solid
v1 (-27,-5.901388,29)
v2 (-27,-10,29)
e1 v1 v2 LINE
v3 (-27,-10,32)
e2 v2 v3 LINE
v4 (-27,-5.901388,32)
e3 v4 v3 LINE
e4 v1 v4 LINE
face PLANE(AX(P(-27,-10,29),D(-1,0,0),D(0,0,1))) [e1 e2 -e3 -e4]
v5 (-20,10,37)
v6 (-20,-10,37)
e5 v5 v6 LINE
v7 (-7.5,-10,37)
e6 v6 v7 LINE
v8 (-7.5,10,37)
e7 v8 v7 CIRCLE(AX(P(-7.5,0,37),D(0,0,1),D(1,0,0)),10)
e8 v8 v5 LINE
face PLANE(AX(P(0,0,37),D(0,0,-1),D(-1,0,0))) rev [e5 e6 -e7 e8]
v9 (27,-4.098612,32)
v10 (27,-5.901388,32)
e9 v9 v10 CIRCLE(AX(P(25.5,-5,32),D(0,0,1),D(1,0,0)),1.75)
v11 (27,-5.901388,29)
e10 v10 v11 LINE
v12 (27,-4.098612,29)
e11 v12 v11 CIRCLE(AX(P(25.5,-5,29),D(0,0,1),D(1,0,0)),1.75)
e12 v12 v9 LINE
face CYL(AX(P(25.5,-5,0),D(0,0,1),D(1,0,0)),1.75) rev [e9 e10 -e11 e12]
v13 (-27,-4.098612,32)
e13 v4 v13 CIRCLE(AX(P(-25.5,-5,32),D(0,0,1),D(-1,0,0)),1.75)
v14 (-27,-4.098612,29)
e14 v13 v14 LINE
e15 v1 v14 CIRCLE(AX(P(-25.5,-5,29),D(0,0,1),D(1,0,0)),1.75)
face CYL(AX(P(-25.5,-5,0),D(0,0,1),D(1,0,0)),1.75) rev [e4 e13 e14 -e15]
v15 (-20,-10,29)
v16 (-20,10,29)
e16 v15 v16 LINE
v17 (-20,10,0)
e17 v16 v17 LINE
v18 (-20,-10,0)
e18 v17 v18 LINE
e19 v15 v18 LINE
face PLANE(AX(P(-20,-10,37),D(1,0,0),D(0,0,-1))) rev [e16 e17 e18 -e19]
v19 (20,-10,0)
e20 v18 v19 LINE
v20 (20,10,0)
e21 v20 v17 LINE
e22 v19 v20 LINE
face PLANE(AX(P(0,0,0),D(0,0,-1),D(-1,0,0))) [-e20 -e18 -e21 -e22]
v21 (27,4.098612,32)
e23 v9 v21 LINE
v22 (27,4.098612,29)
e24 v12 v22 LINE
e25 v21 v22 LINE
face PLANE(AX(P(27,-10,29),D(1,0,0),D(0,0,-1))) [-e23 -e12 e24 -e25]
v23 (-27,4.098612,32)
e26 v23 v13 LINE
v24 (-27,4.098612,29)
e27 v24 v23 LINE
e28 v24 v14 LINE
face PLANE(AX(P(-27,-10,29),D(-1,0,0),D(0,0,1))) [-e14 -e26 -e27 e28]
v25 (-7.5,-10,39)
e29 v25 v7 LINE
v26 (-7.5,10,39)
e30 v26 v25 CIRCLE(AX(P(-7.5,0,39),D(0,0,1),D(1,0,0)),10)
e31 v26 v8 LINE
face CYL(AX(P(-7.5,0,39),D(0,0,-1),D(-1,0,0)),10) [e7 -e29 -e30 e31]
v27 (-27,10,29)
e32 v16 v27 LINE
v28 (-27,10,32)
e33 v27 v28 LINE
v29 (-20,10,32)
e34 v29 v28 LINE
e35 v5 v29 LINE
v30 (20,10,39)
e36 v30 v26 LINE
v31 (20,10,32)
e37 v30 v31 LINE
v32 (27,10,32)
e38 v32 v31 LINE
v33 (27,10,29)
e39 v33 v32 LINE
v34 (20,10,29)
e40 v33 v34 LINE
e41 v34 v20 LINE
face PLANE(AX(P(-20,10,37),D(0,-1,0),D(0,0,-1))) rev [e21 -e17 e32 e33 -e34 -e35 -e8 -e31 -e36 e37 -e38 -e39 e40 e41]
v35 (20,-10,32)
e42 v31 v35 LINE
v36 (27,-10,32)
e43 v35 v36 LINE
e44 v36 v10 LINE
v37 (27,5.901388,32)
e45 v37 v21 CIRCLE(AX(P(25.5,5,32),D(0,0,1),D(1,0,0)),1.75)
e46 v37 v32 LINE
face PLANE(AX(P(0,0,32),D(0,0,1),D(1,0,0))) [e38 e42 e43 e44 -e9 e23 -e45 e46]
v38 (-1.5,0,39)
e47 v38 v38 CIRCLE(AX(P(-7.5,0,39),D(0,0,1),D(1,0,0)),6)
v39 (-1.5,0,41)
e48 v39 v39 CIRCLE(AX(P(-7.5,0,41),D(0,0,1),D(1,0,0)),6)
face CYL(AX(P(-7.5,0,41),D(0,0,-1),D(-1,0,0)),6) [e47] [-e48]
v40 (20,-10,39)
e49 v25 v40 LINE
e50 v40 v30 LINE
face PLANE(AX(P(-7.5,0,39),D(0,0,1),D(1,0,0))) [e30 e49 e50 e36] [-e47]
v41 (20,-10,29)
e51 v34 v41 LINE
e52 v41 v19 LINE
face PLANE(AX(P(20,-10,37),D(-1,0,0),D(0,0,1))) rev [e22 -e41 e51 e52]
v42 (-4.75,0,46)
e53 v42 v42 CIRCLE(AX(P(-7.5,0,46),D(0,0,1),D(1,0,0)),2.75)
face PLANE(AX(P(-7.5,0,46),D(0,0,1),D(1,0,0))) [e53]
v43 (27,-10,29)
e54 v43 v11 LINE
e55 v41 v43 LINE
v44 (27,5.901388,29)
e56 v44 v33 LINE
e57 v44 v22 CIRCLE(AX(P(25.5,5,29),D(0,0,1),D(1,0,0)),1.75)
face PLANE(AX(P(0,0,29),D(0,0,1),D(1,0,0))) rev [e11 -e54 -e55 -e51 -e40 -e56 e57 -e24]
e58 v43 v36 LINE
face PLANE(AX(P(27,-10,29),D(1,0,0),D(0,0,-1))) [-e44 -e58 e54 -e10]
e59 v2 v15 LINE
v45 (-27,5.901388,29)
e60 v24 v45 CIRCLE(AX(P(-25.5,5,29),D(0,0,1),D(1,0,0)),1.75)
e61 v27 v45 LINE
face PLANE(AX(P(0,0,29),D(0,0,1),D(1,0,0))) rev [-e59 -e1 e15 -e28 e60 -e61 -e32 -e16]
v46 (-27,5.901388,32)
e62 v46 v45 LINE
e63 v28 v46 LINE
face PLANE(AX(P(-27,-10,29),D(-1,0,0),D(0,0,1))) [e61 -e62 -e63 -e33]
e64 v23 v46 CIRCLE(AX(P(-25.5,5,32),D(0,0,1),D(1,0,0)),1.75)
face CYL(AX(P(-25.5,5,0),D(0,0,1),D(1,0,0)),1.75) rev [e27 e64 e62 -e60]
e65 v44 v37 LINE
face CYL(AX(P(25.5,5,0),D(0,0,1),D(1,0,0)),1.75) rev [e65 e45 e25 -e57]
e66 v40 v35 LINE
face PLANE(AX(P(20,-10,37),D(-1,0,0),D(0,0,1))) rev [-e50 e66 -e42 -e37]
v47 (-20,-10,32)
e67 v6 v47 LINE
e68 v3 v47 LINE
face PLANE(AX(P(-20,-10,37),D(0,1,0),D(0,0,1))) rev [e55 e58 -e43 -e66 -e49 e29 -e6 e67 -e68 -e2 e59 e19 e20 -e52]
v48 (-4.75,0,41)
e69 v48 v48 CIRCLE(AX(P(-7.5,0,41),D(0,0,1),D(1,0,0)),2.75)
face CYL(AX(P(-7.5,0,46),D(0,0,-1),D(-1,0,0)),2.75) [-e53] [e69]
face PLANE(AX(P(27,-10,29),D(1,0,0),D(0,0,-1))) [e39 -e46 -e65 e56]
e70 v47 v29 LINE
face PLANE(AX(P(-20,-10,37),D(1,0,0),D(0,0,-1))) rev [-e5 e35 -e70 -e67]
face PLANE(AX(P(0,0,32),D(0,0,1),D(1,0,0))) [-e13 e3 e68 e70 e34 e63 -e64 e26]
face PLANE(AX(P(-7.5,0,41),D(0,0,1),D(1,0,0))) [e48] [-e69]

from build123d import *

# Parameters (mm, degrees)
SKETCH1_W           = 40
SKETCH1_H           = 20
BOSS_EXTRUDE1_DEPTH = 37
BOSS_EXTRUDE2_DEPTH = 2
SKETCH3_R           = 6
BOSS_EXTRUDE3_DEPTH = 2
SKETCH4_R           = 2.75
BOSS_EXTRUDE4_DEPTH = 5
SKETCH5_W           = 7
SKETCH5_H           = 20
BOSS_EXTRUDE5_DEPTH = 3
SKETCH7_R           = 1.75
CUT_EXTRUDE3_DEPTH  = 44.0464865


with BuildPart() as part:
    # Sketch1 → Boss-Extrude1 (new body)
    with BuildSketch(Plane.XY):
        Rectangle(SKETCH1_W, SKETCH1_H)
    extrude(amount=BOSS_EXTRUDE1_DEPTH)

    # Sketch2 → Boss-Extrude2 (add)
    with BuildSketch(Plane.XY.offset(37)):
        with BuildLine():
            Line((-7.5, 10), (20, 10))
            Line((20, 10), (20, -10))
            Line((20, -10), (-7.5, -10))
            ThreePointArc((-7.5, -10), (-17.5, 0), (-7.5, 10))
        make_face()
    extrude(amount=BOSS_EXTRUDE2_DEPTH)

    # Sketch3 → Boss-Extrude3 (add)
    with BuildSketch(Plane.XY.offset(39)):
        with Locations((-7.5, 0)):
            Circle(SKETCH3_R)
    extrude(amount=BOSS_EXTRUDE3_DEPTH)

    # Sketch4 → Boss-Extrude4 (add)
    with BuildSketch(Plane.XY.offset(41)):
        with Locations((-7.5, 0)):
            Circle(SKETCH4_R)
    extrude(amount=BOSS_EXTRUDE4_DEPTH)

    # Sketch5 → Boss-Extrude5 (add)
    with BuildSketch(Plane.XY.offset(32)):
        with Locations((-23.5, 0)):
            Rectangle(SKETCH5_W, SKETCH5_H)
        with Locations((23.5, 0)):
            Rectangle(SKETCH5_W, SKETCH5_H)
    extrude(amount=-BOSS_EXTRUDE5_DEPTH)

    # Sketch7 → Cut-Extrude3 (cut, through all)
    with BuildSketch(Plane.XY.offset(32)):
        with Locations((-25.5, 5)):
            Circle(SKETCH7_R)
        with Locations((-25.5, -5)):
            Circle(SKETCH7_R)
        with Locations((25.5, -5)):
            Circle(SKETCH7_R)
        with Locations((25.5, 5)):
            Circle(SKETCH7_R)
    extrude(amount=-CUT_EXTRUDE3_DEPTH, mode=Mode.SUBTRACT)


solid = part.part
